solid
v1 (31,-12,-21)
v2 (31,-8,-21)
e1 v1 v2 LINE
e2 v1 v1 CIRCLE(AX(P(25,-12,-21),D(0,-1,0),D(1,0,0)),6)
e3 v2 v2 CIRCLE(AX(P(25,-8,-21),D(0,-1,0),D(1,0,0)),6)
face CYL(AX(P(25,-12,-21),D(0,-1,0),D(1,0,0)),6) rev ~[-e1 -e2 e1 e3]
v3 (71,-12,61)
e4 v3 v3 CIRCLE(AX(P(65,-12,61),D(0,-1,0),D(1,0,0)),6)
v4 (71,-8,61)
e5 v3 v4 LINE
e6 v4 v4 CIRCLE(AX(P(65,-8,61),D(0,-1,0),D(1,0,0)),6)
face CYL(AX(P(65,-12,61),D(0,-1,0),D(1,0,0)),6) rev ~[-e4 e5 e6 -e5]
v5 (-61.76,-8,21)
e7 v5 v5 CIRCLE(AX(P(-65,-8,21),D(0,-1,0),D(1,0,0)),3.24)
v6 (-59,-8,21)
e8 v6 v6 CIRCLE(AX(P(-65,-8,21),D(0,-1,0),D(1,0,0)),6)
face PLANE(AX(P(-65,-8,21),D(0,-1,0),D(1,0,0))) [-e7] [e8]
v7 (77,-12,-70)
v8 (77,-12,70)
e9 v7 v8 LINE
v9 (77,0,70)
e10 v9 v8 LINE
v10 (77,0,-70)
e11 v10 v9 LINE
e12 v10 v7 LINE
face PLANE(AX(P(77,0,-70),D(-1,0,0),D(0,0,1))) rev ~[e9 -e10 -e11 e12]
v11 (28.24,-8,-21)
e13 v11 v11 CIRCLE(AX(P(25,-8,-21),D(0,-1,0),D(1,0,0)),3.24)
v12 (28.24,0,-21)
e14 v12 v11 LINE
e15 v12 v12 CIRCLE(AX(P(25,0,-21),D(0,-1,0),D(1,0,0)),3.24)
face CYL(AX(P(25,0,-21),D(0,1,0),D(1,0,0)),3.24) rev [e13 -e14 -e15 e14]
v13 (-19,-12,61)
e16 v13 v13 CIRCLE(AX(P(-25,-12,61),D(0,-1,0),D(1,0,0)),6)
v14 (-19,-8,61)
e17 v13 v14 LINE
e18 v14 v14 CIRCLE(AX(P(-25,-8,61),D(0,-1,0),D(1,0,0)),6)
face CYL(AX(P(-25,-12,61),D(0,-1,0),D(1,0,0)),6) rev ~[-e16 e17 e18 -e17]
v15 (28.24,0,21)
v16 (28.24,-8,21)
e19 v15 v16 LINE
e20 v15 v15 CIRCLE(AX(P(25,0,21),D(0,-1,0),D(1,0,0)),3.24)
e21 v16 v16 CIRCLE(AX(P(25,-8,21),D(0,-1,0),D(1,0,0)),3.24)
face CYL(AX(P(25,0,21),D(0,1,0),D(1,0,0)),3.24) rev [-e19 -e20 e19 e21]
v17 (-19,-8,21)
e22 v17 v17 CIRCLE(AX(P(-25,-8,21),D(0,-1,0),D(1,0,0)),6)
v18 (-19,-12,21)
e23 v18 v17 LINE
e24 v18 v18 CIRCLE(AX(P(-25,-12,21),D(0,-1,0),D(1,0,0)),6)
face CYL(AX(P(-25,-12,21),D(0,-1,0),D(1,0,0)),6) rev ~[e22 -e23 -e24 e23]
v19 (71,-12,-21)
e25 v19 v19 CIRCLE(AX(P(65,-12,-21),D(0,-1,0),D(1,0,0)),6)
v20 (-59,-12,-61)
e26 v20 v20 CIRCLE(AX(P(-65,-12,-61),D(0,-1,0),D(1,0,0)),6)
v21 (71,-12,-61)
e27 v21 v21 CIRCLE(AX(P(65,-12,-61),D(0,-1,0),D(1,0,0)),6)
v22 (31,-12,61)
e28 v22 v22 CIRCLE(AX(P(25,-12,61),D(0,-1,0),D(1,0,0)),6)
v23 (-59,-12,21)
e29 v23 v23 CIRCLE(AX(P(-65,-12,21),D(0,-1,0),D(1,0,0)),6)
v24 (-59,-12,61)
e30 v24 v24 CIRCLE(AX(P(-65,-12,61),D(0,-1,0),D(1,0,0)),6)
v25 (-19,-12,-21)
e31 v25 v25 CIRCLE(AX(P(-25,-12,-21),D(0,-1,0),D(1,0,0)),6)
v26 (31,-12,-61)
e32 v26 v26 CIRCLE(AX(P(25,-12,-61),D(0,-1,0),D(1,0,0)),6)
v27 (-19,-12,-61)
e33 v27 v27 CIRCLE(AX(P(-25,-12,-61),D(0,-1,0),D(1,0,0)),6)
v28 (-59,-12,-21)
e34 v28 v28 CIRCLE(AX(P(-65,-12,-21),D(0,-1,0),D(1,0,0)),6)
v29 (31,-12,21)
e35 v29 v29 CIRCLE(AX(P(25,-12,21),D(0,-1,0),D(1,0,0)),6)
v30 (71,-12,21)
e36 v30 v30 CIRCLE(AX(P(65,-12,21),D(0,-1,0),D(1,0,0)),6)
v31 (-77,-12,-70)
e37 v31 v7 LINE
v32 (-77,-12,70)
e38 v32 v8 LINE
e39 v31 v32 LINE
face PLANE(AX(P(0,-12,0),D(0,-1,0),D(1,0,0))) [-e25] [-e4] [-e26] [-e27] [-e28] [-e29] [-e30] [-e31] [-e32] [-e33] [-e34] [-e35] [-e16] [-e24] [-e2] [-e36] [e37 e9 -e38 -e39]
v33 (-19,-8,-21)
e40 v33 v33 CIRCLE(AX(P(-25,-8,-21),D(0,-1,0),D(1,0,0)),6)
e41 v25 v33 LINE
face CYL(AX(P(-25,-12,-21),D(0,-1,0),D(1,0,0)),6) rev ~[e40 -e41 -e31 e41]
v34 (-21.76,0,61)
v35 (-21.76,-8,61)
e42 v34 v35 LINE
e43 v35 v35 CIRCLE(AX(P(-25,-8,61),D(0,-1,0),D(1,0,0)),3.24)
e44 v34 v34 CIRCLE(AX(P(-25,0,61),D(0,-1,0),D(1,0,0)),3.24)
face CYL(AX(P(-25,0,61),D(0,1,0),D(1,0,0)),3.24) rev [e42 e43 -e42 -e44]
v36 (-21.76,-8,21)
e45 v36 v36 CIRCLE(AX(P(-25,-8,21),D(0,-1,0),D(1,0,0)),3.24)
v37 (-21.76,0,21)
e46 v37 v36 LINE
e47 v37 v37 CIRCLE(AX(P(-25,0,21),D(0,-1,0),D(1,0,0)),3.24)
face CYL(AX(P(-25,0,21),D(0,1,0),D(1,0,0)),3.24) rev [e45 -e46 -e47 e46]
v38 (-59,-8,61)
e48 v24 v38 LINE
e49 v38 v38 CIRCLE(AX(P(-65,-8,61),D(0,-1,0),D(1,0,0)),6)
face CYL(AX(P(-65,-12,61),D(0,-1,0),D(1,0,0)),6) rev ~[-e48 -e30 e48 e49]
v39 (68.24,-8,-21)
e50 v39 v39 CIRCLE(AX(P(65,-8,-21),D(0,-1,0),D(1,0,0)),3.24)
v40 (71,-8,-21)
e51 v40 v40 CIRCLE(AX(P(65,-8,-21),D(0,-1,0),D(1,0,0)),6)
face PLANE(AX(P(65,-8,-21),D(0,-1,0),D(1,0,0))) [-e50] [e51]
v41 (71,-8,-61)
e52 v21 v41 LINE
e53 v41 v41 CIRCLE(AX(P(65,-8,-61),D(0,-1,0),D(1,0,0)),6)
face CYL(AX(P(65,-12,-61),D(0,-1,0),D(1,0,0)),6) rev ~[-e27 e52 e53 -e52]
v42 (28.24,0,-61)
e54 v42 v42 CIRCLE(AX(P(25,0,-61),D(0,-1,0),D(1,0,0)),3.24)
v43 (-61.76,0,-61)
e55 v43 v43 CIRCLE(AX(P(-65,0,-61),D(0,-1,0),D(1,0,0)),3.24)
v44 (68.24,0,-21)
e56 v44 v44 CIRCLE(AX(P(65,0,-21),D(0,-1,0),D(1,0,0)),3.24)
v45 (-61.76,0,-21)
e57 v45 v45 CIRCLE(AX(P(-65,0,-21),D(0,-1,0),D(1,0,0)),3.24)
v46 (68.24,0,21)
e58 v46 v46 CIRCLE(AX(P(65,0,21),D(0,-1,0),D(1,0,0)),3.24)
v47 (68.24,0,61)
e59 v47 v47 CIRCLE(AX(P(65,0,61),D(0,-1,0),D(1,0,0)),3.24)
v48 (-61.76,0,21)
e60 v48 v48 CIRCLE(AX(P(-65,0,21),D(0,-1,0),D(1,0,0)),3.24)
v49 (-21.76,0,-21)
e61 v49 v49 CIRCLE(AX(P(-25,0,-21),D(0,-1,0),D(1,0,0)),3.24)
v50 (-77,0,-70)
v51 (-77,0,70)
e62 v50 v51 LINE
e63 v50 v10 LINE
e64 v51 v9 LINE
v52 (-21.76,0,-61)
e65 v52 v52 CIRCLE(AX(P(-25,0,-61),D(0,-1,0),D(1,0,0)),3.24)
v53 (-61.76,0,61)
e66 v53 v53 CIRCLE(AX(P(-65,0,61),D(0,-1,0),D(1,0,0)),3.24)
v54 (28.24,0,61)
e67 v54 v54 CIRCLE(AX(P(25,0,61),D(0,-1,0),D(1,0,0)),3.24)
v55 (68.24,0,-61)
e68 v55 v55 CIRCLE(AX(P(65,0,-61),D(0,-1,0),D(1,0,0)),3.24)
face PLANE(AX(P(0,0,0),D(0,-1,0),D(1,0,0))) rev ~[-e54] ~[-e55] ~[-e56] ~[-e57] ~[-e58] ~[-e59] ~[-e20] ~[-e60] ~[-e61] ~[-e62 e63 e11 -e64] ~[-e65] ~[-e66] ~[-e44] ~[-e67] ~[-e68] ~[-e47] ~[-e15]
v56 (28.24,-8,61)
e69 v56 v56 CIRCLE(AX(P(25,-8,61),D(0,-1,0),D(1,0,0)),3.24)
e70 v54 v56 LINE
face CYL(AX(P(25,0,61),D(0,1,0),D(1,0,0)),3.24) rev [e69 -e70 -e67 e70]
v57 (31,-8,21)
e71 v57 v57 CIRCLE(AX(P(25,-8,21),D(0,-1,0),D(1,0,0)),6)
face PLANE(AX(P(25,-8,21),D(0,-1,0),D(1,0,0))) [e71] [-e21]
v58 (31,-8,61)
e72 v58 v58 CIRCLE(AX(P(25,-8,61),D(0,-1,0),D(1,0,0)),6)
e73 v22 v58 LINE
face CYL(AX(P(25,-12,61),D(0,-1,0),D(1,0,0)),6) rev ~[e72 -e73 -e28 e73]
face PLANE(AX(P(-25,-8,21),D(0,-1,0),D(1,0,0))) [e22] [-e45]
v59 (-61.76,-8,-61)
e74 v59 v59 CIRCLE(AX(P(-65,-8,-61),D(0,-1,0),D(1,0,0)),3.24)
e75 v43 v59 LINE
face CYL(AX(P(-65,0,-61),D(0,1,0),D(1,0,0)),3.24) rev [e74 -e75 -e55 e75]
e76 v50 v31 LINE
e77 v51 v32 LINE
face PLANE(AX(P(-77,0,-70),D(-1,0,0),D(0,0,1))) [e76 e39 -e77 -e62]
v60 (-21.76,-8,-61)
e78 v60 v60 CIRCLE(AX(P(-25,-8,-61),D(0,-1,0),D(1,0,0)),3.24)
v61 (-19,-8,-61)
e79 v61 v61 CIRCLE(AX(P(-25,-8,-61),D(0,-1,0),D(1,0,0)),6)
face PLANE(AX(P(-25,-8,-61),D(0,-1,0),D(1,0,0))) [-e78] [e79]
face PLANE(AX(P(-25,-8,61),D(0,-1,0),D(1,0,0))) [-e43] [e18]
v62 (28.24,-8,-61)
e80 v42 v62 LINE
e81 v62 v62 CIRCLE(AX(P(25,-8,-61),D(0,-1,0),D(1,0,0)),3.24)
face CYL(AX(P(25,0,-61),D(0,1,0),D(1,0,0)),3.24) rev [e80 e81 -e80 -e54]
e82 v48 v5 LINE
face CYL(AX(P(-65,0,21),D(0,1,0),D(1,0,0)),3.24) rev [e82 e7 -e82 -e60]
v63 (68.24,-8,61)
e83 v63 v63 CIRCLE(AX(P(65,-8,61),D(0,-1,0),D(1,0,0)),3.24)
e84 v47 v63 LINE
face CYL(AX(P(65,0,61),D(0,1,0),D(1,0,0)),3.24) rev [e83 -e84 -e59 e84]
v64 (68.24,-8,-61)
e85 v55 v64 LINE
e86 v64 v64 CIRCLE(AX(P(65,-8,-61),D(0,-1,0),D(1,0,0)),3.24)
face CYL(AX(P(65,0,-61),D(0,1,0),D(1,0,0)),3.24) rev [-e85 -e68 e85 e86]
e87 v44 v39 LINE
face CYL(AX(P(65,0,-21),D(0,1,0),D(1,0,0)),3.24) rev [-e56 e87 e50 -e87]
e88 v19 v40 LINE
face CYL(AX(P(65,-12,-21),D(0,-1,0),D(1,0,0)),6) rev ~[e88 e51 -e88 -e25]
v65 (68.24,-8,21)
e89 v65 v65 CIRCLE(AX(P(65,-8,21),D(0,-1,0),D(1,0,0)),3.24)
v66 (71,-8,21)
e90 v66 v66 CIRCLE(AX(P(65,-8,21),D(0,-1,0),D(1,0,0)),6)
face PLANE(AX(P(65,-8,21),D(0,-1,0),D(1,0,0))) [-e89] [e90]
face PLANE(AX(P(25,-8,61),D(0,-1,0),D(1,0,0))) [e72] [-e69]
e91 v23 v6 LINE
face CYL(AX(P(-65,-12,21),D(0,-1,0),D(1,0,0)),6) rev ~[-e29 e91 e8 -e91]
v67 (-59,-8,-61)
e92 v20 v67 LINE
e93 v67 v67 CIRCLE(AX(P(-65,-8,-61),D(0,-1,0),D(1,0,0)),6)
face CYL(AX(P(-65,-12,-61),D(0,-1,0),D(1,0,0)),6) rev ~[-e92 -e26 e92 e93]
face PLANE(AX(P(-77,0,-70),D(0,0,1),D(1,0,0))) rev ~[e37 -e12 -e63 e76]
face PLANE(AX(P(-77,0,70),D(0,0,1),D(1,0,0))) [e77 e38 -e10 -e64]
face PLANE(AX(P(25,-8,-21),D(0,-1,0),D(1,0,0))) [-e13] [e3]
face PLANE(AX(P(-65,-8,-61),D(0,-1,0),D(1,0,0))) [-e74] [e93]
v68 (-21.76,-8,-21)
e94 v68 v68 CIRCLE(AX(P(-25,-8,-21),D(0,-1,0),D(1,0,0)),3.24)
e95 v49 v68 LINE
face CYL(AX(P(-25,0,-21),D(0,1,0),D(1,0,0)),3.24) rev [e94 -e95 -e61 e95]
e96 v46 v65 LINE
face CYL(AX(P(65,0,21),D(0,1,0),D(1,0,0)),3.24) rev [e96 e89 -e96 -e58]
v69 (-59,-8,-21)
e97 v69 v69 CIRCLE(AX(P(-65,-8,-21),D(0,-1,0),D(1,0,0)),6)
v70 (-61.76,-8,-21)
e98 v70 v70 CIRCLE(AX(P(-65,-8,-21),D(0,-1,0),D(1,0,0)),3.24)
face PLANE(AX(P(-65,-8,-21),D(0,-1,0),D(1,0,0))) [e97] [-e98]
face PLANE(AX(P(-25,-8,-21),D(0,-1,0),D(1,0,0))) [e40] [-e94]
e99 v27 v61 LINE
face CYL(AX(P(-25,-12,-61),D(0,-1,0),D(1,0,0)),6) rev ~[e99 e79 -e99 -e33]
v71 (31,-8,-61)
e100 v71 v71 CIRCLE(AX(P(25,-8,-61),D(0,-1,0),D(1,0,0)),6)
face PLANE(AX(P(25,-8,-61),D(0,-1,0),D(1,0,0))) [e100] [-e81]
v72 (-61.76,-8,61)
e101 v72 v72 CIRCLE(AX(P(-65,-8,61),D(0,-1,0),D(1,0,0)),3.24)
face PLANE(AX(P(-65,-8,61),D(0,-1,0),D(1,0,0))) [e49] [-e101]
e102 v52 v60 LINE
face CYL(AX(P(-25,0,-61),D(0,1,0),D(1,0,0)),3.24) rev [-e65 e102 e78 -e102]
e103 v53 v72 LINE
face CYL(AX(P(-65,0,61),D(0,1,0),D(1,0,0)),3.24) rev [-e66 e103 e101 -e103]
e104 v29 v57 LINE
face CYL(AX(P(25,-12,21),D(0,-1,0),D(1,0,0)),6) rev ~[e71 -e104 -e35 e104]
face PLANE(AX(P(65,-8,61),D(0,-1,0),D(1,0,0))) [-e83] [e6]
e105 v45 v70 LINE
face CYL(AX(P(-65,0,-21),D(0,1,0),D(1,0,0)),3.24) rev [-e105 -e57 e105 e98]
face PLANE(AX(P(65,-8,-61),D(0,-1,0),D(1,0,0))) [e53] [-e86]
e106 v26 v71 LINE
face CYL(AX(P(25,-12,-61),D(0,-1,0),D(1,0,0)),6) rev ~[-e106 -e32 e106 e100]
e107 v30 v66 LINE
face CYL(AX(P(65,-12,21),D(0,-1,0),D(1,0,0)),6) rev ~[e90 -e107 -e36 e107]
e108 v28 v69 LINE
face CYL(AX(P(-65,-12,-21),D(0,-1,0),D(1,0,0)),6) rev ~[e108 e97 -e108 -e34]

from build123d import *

# Parameters (mm, degrees)
F0_W     = 154
F0_H     = 140
F0_R     = 3.24
F1_DEPTH = 12
F2_R     = 6
F2_R_2   = 3.24
F3_DEPTH = 4


with BuildPart() as f1:
    # F0 (on Front) → F1 (new body)
    with BuildSketch(Plane.XZ):
        Rectangle(F0_W, F0_H)
        with Locations((-65, -61)):
            Circle(F0_R, mode=Mode.SUBTRACT)
        with Locations((-25, -61)):
            Circle(F0_R, mode=Mode.SUBTRACT)
        with Locations((-65, -21)):
            Circle(F0_R, mode=Mode.SUBTRACT)
        with Locations((-25, -21)):
            Circle(F0_R, mode=Mode.SUBTRACT)
        with Locations((25, -61)):
            Circle(F0_R, mode=Mode.SUBTRACT)
        with Locations((65, -61)):
            Circle(F0_R, mode=Mode.SUBTRACT)
        with Locations((25, -21)):
            Circle(F0_R, mode=Mode.SUBTRACT)
        with Locations((65, -21)):
            Circle(F0_R, mode=Mode.SUBTRACT)
        with Locations((-65, 21)):
            Circle(F0_R, mode=Mode.SUBTRACT)
        with Locations((-25, 21)):
            Circle(F0_R, mode=Mode.SUBTRACT)
        with Locations((-65, 61)):
            Circle(F0_R, mode=Mode.SUBTRACT)
        with Locations((-25, 61)):
            Circle(F0_R, mode=Mode.SUBTRACT)
        with Locations((25, 21)):
            Circle(F0_R, mode=Mode.SUBTRACT)
        with Locations((65, 21)):
            Circle(F0_R, mode=Mode.SUBTRACT)
        with Locations((25, 61)):
            Circle(F0_R, mode=Mode.SUBTRACT)
        with Locations((65, 61)):
            Circle(F0_R, mode=Mode.SUBTRACT)
    extrude(amount=F1_DEPTH)

    # F2 (on face) → F3 (cut)
    with BuildSketch(Plane.XZ.offset(12)):
        with Locations((-65, 61)):
            Circle(F2_R)
        with Locations((-65, 61)):
            Circle(F2_R_2, mode=Mode.SUBTRACT)
        with Locations((-25, 61)):
            Circle(F2_R)
        with Locations((-25, 61)):
            Circle(F2_R_2, mode=Mode.SUBTRACT)
        with Locations((25, 61)):
            Circle(F2_R)
        with Locations((25, 61)):
            Circle(F2_R_2, mode=Mode.SUBTRACT)
        with Locations((65, 61)):
            Circle(F2_R)
        with Locations((65, 61)):
            Circle(F2_R_2, mode=Mode.SUBTRACT)
        with Locations((65, 21)):
            Circle(F2_R)
        with Locations((65, 21)):
            Circle(F2_R_2, mode=Mode.SUBTRACT)
        with Locations((25, 21)):
            Circle(F2_R)
        with Locations((25, 21)):
            Circle(F2_R_2, mode=Mode.SUBTRACT)
        with Locations((-25, 21)):
            Circle(F2_R)
        with Locations((-25, 21)):
            Circle(F2_R_2, mode=Mode.SUBTRACT)
        with Locations((-65, 21)):
            Circle(F2_R)
        with Locations((-65, 21)):
            Circle(F2_R_2, mode=Mode.SUBTRACT)
        with Locations((-65, -21)):
            Circle(F2_R)
        with Locations((-65, -21)):
            Circle(F2_R_2, mode=Mode.SUBTRACT)
        with Locations((-25, -21)):
            Circle(F2_R)
        with Locations((-25, -21)):
            Circle(F2_R_2, mode=Mode.SUBTRACT)
        with Locations((25, -21)):
            Circle(F2_R)
        with Locations((25, -21)):
            Circle(F2_R_2, mode=Mode.SUBTRACT)
        with Locations((65, -21)):
            Circle(F2_R)
        with Locations((65, -21)):
            Circle(F2_R_2, mode=Mode.SUBTRACT)
        with Locations((65, -61)):
            Circle(F2_R)
        with Locations((65, -61)):
            Circle(F2_R_2, mode=Mode.SUBTRACT)
        with Locations((25, -61)):
            Circle(F2_R)
        with Locations((25, -61)):
            Circle(F2_R_2, mode=Mode.SUBTRACT)
        with Locations((-25, -61)):
            Circle(F2_R)
        with Locations((-25, -61)):
            Circle(F2_R_2, mode=Mode.SUBTRACT)
        with Locations((-65, -61)):
            Circle(F2_R)
        with Locations((-65, -61)):
            Circle(F2_R_2, mode=Mode.SUBTRACT)
    extrude(amount=-F3_DEPTH, mode=Mode.SUBTRACT)


solid = f1.part
